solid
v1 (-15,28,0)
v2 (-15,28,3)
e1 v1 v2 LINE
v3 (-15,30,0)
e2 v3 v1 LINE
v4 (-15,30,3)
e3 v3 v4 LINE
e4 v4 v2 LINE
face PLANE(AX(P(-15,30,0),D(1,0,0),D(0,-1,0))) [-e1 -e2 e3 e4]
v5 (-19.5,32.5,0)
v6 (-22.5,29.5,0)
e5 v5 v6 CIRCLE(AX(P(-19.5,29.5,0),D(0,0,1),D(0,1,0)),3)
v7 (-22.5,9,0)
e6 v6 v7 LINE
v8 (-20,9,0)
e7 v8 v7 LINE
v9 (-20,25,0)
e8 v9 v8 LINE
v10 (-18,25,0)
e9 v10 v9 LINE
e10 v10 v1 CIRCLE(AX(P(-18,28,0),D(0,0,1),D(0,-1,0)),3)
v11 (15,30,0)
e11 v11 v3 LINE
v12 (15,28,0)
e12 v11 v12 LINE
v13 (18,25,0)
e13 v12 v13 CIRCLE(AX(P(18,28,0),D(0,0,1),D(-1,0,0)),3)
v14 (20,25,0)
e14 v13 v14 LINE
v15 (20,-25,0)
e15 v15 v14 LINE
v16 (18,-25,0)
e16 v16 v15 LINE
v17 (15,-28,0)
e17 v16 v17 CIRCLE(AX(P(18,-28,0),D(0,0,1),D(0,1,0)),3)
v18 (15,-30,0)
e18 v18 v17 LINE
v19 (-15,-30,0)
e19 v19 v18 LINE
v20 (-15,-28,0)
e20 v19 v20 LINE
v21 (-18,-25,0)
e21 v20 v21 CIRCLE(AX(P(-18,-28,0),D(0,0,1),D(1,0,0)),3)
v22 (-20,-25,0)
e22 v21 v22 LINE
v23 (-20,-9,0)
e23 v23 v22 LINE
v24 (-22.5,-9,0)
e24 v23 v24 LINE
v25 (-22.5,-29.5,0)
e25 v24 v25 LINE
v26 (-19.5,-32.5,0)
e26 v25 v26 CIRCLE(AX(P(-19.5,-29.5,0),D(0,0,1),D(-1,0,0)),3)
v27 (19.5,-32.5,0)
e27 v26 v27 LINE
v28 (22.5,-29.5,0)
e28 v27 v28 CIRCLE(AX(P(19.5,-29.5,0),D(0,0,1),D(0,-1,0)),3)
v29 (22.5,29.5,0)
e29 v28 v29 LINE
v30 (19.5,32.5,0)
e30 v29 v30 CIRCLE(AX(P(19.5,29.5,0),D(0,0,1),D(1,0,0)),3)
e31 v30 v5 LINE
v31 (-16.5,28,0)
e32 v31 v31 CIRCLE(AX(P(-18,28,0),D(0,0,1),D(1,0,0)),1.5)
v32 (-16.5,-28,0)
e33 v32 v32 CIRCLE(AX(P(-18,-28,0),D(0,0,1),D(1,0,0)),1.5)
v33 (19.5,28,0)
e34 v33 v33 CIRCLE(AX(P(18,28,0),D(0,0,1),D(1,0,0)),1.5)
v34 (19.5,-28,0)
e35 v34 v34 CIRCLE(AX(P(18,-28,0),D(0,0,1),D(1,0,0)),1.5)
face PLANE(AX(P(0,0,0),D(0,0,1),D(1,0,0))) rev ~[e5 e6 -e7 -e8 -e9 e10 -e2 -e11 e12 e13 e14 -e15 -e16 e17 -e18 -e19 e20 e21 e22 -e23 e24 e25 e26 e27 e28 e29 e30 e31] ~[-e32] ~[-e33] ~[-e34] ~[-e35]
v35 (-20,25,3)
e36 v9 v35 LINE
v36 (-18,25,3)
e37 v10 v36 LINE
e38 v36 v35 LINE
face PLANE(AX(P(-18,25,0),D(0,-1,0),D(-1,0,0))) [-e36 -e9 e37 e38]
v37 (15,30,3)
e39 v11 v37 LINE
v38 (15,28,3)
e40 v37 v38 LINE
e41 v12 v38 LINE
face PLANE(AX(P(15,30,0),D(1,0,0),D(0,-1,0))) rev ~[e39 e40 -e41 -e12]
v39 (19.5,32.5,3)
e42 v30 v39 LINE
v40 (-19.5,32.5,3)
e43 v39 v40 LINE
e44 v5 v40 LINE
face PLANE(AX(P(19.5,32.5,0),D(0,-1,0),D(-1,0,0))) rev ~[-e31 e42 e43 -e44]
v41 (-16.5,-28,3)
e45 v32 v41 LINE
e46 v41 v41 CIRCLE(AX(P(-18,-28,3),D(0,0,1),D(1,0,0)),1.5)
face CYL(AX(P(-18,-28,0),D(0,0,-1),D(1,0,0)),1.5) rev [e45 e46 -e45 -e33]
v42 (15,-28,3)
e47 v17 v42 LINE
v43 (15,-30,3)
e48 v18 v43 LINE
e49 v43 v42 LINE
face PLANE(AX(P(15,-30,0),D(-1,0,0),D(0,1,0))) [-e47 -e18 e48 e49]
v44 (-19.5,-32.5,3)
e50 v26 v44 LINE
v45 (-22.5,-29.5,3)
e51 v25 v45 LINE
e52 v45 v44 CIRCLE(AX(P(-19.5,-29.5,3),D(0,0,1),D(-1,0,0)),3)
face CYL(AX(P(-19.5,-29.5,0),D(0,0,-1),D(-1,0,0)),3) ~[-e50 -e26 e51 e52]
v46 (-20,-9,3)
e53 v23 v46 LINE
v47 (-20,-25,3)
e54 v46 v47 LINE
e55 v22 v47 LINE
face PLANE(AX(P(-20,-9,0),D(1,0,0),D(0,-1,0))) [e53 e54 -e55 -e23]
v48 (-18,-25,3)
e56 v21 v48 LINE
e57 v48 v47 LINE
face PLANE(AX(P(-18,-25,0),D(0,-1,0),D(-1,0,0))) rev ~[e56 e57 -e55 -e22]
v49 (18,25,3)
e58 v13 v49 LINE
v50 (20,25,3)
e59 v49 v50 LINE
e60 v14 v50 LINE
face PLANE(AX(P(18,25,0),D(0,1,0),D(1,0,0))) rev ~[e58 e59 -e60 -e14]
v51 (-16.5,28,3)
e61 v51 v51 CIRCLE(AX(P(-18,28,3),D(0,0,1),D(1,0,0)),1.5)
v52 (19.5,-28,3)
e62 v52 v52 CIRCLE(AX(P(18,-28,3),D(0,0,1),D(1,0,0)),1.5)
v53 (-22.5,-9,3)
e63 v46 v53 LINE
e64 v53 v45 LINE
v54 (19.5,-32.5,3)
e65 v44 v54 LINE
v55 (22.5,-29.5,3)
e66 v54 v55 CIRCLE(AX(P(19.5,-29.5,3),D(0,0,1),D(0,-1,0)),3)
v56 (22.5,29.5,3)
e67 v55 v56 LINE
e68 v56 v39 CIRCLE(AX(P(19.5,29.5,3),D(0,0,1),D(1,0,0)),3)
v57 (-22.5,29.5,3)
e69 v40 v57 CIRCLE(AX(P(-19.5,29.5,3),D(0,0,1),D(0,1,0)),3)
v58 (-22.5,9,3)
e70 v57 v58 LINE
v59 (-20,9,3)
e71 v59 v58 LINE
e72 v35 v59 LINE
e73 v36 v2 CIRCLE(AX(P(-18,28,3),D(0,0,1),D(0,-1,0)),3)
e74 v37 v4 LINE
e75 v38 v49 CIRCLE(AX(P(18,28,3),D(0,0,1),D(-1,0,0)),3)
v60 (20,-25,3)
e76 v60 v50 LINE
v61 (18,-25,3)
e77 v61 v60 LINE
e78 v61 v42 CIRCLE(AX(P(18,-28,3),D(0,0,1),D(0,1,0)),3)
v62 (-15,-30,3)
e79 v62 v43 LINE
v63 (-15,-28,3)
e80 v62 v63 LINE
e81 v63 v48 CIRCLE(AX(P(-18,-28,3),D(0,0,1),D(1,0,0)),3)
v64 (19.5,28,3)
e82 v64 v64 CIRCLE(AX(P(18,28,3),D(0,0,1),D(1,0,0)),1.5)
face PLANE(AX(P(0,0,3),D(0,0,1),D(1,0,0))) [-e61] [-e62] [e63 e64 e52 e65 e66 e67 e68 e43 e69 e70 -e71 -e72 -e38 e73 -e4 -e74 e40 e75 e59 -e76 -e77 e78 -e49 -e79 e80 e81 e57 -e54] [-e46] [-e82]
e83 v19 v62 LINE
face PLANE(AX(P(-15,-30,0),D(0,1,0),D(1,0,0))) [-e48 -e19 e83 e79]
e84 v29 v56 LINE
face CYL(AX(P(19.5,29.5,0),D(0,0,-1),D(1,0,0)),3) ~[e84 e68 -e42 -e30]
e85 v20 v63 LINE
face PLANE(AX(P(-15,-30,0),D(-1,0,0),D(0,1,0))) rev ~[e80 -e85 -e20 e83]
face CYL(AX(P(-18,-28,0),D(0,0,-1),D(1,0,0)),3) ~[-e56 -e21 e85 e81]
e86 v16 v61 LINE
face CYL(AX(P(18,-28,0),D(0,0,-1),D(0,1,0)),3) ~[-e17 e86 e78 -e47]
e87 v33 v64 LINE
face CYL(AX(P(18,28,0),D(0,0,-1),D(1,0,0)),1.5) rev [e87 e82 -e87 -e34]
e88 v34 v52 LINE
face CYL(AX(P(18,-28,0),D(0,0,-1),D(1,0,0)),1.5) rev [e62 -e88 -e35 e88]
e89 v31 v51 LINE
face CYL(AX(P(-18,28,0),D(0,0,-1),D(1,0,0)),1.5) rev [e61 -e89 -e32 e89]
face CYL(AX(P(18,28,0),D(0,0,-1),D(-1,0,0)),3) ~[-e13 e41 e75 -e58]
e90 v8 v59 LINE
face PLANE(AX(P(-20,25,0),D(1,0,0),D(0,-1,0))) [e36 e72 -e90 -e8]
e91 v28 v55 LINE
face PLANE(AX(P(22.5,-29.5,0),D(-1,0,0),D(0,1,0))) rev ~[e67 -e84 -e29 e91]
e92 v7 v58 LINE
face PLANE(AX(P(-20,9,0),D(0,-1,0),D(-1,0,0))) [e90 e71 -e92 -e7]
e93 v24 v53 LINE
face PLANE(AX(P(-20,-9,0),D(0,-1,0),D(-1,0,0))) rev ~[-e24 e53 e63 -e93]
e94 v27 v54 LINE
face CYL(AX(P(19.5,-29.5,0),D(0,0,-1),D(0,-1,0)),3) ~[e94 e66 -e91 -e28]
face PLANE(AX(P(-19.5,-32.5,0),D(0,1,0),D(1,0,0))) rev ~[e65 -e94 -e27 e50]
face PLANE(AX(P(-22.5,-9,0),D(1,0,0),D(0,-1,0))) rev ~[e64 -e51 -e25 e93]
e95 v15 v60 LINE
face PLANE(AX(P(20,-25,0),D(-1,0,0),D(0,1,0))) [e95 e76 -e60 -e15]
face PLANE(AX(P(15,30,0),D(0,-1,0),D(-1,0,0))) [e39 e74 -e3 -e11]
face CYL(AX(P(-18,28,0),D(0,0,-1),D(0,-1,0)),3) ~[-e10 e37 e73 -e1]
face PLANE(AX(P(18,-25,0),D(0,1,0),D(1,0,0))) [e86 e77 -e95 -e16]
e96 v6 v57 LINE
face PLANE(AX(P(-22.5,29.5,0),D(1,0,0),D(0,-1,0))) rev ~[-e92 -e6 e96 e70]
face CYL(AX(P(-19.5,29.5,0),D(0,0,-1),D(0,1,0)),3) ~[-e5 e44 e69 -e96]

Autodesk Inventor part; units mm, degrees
ref_plane "YZ Plane" through (0, 0, 0) normal (1, 0, 0) x (0, 1, 0)
ref_plane "XZ Plane" through (0, 0, 0) normal (0, 1, 0) x (-1, 0, 0)
ref_plane "XY Plane" through (0, 0, 0) normal (0, 0, 1) x (1, 0, 0)
sketch "Эскиз1" plane through (0, 0, 0) normal (0, 0, 1) x (1, 0, 0)
  line L0 (19.5, 32.5) -> (-19.5, 32.5)
  line L1 (-22.5, 29.5) -> (-22.5, -29.5)
  line L2 (-19.5, -32.5) -> (19.5, -32.5)
  line L3 (22.5, -29.5) -> (22.5, 29.5)
  line L4 (22.5, 32.5) -> (-22.5, -32.5) construction
  line L5 (-22.5, 32.5) -> (22.5, -32.5) construction
  circle A0 centre (18, 28) radius 1.5 projected
  circle A1 centre (18, -28) radius 1.5 projected
  circle A2 centre (-18, -28) radius 1.5 projected
  circle A3 centre (-18, 28) radius 1.5 projected
  arc A4 (22.5, 29.5) -> (19.5, 32.5) centre (19.5, 29.5) ccw
  arc A5 (19.5, -32.5) -> (22.5, -29.5) centre (19.5, -29.5) ccw
  arc A6 (-22.5, -29.5) -> (-19.5, -32.5) centre (-19.5, -29.5) ccw
  arc A7 (-19.5, 32.5) -> (-22.5, 29.5) centre (-19.5, 29.5) ccw
  line L6 (20, -30) -> (20, 30) projected
  line L7 (20, 30) -> (-20, 30) projected
  line L8 (-20, 30) -> (-20, 9) projected
  line L9 (-20, -9) -> (-20, -30) projected
  line L10 (-20, -30) -> (20, -30) projected
  line L11 (20, -30) -> (15, -30)
  line L12 (15, -30) -> (15, -28)
  line L13 (18, -25) -> (20, -25)
  line L14 (20, -25) -> (20, -30)
  arc A8 (18, -25) -> (15, -28) centre (18, -28) ccw
  line L15 (20, 30) -> (15, 30)
  line L16 (15, 30) -> (15, 28)
  line L17 (18, 25) -> (20, 25)
  line L18 (20, 25) -> (20, 30)
  line L19 (-20, 30) -> (-15, 30)
  line L20 (-15, 30) -> (-15, 28)
  line L21 (-18, 25) -> (-20, 25)
  line L22 (-20, 25) -> (-20, 30)
  line L23 (-20, -30) -> (-15, -30)
  line L24 (-15, -30) -> (-15, -28)
  line L25 (-18, -25) -> (-20, -25)
  line L26 (-20, -25) -> (-20, -30)
  arc A9 (15, 28) -> (18, 25) centre (18, 28) ccw
  arc A10 (-18, 25) -> (-15, 28) centre (-18, 28) ccw
  arc A11 (-15, -28) -> (-18, -25) centre (-18, -28) ccw
  line L27 (-20, 9) -> (-22.5, 9)
  line L28 (-20, -9) -> (-22.5, -9)
  point P0 (0, 0)
  point P1 (15, -25)
  point P2 (15, 25)
  point P3 (-15, 25)
  point P4 (-15, -25)
  dimension "d0" = 45
  dimension "d1" = 65
  dimension "d2" = 3
  dimension "d3" = 5
  dimension "d4" = 5
  dimension "d5" = 3
  dimension "d6" = 5
  dimension "d7" = 5
  dimension "d8" = 5
  dimension "d9" = 5
  dimension "d10" = 5
  dimension "d11" = 3
extrude "Выдавливание1" add sketch "Эскиз1" along normal blind 3 contours A4 L3 A5 L2 A6 L1 L28 L9 L10 L6 L7 L8 L27 A7 L0 | L8 L7 L20 A10 L21 | L25 A11 L24 L10 L9 | L7 L6 L17 A9 L16 | L12 A8 L13 L6 L10
properties part number "level1_up"
